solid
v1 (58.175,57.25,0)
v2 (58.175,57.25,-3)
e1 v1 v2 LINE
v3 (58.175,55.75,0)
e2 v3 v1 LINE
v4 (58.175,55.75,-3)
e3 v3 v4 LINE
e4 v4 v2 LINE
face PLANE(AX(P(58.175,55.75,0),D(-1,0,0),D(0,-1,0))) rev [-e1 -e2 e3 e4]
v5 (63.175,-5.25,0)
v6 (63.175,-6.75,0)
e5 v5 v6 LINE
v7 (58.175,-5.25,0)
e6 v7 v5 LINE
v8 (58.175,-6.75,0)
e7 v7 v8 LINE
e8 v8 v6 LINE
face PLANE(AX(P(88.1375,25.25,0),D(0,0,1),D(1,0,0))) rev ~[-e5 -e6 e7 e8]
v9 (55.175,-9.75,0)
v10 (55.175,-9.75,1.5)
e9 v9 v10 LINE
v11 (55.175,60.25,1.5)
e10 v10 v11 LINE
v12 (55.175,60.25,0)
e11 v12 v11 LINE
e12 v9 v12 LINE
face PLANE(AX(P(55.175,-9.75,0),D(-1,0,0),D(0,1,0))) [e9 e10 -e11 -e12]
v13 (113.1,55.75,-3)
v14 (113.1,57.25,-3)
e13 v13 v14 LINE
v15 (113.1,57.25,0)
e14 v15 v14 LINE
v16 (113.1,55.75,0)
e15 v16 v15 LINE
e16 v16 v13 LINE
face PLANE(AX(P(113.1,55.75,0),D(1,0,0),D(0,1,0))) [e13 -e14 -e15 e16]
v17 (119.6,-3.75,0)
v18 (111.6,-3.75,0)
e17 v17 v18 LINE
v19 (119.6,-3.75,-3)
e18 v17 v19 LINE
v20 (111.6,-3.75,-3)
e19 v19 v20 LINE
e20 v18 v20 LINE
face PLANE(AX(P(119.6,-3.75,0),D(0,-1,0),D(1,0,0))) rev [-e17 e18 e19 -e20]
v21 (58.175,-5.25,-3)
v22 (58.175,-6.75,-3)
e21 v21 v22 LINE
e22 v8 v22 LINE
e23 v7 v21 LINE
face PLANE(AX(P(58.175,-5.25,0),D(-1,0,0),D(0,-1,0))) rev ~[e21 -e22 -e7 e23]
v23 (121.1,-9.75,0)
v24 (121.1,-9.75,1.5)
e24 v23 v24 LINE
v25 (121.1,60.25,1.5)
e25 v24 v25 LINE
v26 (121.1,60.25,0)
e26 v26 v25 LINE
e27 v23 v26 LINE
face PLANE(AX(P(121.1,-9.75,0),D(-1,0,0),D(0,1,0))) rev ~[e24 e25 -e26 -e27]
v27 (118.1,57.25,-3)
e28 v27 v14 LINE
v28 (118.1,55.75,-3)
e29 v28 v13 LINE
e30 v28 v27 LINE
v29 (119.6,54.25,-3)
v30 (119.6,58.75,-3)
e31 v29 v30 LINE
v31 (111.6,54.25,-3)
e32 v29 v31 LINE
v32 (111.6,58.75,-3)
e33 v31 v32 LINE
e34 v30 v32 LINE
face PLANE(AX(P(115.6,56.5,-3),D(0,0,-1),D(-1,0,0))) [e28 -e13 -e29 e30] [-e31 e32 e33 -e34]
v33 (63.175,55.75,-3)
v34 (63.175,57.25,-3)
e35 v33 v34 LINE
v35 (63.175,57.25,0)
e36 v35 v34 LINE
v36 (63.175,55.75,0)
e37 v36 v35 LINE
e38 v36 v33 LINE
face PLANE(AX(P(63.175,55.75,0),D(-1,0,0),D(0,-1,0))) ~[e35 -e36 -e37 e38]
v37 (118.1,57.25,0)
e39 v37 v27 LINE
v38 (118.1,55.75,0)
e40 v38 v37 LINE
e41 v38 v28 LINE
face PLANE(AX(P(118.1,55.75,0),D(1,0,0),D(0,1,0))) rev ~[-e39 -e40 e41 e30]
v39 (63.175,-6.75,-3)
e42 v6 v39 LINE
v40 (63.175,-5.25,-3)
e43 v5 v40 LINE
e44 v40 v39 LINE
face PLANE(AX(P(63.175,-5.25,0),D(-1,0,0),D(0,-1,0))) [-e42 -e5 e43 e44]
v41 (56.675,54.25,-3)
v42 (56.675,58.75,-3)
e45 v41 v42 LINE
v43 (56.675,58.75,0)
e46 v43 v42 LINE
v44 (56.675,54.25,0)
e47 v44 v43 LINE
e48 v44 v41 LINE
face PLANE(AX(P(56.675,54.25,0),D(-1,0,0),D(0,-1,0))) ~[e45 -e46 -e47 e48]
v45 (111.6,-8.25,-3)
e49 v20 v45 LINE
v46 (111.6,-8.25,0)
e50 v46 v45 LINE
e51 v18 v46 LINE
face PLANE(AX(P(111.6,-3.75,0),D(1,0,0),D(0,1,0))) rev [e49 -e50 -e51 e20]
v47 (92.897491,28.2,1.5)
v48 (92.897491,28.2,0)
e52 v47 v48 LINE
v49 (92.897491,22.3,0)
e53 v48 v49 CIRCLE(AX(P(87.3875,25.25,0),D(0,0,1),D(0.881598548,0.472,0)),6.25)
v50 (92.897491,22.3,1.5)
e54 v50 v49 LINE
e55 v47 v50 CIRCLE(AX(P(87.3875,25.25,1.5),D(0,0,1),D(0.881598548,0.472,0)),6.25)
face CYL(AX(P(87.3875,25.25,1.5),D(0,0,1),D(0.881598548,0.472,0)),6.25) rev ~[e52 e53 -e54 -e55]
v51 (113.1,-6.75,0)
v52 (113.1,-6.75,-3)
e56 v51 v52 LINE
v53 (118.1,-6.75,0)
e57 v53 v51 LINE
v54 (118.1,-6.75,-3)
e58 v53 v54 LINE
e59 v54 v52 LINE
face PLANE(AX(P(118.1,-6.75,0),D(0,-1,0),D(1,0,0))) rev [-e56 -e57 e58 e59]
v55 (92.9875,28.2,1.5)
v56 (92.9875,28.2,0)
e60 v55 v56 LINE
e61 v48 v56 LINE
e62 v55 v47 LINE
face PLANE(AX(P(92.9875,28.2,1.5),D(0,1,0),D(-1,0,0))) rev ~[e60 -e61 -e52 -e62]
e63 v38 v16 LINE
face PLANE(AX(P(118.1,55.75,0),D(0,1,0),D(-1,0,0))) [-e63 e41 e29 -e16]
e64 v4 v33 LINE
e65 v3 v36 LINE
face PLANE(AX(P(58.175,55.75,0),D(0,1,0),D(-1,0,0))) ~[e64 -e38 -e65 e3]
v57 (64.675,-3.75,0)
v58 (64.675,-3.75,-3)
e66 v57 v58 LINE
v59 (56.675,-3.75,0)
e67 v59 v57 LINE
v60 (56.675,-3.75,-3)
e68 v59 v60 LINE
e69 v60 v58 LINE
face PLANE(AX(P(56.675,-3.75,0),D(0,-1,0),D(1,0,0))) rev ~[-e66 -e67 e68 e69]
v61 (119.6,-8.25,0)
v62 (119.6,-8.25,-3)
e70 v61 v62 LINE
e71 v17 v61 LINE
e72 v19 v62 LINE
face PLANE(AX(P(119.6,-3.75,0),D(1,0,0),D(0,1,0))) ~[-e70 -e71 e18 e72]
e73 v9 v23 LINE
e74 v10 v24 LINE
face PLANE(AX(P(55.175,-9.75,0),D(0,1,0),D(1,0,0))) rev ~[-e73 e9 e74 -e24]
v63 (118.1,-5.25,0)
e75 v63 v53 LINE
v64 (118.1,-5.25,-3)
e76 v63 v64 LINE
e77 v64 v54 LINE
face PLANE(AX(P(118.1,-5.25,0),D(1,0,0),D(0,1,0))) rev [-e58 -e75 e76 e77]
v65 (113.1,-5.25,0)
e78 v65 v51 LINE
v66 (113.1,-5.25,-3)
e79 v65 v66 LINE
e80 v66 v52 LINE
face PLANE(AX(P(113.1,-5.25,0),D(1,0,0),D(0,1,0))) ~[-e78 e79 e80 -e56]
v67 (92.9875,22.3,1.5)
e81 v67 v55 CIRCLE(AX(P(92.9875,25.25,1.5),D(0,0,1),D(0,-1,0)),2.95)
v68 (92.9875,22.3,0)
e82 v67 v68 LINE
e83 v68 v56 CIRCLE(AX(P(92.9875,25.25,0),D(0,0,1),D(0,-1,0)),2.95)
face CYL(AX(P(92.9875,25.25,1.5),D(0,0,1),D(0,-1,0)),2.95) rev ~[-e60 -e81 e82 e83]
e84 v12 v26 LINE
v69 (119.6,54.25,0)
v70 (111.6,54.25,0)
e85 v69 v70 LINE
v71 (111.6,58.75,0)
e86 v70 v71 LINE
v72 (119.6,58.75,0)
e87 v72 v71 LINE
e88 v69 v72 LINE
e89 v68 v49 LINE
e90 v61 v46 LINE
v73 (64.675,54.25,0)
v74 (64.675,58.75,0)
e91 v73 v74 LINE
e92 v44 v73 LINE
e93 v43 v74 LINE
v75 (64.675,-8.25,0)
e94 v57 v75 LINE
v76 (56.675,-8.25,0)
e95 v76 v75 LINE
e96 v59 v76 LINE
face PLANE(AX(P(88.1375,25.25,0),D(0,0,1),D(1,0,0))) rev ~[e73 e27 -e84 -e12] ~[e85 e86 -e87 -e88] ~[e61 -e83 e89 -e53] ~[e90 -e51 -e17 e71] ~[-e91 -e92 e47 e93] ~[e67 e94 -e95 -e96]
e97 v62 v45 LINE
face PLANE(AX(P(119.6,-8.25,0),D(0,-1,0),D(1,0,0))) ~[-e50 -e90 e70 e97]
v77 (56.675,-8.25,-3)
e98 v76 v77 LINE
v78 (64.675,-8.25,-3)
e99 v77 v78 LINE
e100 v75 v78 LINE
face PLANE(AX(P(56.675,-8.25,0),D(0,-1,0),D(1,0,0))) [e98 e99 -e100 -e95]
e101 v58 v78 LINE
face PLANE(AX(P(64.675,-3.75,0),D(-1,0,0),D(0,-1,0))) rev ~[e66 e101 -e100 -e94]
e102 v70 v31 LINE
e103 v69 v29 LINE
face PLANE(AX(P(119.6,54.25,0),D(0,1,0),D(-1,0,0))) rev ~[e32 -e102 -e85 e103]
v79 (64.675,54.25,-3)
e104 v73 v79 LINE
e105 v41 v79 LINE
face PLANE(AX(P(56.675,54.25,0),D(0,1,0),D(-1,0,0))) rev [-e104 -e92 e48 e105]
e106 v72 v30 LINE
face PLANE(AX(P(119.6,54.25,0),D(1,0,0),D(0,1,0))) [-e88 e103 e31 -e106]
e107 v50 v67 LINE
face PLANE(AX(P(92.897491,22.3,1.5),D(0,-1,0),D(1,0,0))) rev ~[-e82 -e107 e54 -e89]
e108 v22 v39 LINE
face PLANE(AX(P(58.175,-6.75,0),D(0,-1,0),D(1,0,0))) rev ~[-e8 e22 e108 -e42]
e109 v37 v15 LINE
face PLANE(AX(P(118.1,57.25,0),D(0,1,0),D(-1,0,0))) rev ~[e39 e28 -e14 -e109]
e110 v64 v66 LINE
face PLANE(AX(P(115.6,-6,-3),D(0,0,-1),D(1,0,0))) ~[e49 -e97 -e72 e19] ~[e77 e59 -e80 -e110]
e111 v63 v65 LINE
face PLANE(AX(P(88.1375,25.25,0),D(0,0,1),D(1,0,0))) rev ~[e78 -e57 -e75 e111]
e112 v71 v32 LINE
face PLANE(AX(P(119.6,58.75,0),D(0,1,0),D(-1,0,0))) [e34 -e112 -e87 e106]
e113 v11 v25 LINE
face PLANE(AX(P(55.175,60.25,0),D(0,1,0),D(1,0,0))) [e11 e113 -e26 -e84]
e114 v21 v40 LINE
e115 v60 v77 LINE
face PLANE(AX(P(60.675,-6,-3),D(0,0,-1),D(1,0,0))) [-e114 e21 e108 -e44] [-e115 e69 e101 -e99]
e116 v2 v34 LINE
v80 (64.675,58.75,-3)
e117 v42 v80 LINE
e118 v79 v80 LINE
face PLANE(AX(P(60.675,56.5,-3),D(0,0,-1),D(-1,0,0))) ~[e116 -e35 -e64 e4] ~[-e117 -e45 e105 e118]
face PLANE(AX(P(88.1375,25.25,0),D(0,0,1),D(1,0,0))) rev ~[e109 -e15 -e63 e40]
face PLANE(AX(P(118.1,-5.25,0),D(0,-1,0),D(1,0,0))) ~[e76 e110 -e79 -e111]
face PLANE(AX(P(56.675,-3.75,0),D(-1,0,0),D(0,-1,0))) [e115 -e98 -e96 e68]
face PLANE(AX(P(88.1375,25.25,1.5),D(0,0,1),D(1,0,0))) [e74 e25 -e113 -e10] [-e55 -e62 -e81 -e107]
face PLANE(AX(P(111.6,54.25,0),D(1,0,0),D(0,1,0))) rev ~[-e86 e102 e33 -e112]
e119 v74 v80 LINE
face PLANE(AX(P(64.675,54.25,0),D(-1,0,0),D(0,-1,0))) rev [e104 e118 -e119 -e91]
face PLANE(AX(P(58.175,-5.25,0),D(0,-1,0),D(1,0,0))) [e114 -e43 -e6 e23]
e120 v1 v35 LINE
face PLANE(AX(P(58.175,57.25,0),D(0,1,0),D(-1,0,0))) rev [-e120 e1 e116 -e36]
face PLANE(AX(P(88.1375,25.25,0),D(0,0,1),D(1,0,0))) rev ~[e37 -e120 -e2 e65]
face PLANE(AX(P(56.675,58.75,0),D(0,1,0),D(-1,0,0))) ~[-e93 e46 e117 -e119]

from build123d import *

# Parameters (mm, degrees)
SKETCH1_W                 = 65.925
SKETCH1_H                 = 70
BOSS_EXTRUDE1_DEPTH       = 1.5
CUT_EXTRUDE1_REACH        = 137.268
SKETCH4_W                 = 8
SKETCH4_H                 = 4.5
SKETCH4_W_2               = 5
SKETCH4_H_2               = 1.5
BOSS_EXTRUDE2_DEPTH       = 3
MIRROR2_COPY_1_SKETCH_W   = 8
MIRROR2_COPY_1_SKETCH_H   = 4.5
MIRROR2_COPY_1_SKETCH_W_2 = 5
MIRROR2_COPY_1_SKETCH_H_2 = 1.5
MIRROR2_COPY_1_DEPTH      = 3


with BuildPart() as part:
    # Sketch1 → Boss-Extrude1 (new body)
    with BuildSketch(Plane.XY):
        with Locations((88.1375, 25.25)):
            Rectangle(SKETCH1_W, SKETCH1_H)
    extrude(amount=BOSS_EXTRUDE1_DEPTH)

    # Sketch2 → Cut-Extrude1 (cut, up to next)
    with BuildSketch(Plane.XY.offset(1.5), mode=Mode.PRIVATE) as cut_extrude1_sk1:
        with BuildLine():
            Line((92.897490926, 22.3), (92.9875, 22.3))
            ThreePointArc((92.9875, 22.3), (95.9375, 25.25), (92.9875, 28.2))
            Line((92.9875, 28.2), (92.897490926, 28.2))
            ThreePointArc((92.897490926, 28.2), (81.1375, 25.25), (92.897490926, 22.3))
        make_face()
    cut_extrude1_tool1 = extrude(cut_extrude1_sk1.sketch, amount=-CUT_EXTRUDE1_REACH, mode=Mode.PRIVATE) & part.part
    add(cut_extrude1_tool1.solids().sort_by_distance((87.980915, 25.25, 1.5))[0], mode=Mode.SUBTRACT)

    # Sketch4 → Boss-Extrude2 (add)
    with BuildSketch(Plane(origin=(0, 0, 0), x_dir=(-1, 0, 0), z_dir=(0, 0, -1))):
        with Locations((-115.6, 56.5)):
            Rectangle(SKETCH4_W, SKETCH4_H)
        with Locations((-115.6, 56.5)):
            Rectangle(SKETCH4_W_2, SKETCH4_H_2, mode=Mode.SUBTRACT)
    boss_extrude2 = extrude(amount=BOSS_EXTRUDE2_DEPTH)

    # Mirror1: Boss-Extrude2 across plane
    add(boss_extrude2.mirror(Plane(origin=(88.1375, 0, 0), x_dir=(0, 0, 1), z_dir=(1, 0, 0))))

    # Mirror2: Boss-Extrude2 across plane
    add(boss_extrude2.mirror(Plane.ZX.offset(25.25)))

    # Mirror2 copy 1 sketch → Mirror2 copy 1 (add)
    with BuildSketch(Plane(origin=(176.275, 50.5, 0), x_dir=(1, 0, 0), z_dir=(0, 0, -1))):
        with Locations((-115.6, 56.5)):
            Rectangle(MIRROR2_COPY_1_SKETCH_W, MIRROR2_COPY_1_SKETCH_H)
        with Locations((-115.6, 56.5)):
            Rectangle(MIRROR2_COPY_1_SKETCH_W_2, MIRROR2_COPY_1_SKETCH_H_2, mode=Mode.SUBTRACT)
    extrude(amount=MIRROR2_COPY_1_DEPTH)


solid = part.part
